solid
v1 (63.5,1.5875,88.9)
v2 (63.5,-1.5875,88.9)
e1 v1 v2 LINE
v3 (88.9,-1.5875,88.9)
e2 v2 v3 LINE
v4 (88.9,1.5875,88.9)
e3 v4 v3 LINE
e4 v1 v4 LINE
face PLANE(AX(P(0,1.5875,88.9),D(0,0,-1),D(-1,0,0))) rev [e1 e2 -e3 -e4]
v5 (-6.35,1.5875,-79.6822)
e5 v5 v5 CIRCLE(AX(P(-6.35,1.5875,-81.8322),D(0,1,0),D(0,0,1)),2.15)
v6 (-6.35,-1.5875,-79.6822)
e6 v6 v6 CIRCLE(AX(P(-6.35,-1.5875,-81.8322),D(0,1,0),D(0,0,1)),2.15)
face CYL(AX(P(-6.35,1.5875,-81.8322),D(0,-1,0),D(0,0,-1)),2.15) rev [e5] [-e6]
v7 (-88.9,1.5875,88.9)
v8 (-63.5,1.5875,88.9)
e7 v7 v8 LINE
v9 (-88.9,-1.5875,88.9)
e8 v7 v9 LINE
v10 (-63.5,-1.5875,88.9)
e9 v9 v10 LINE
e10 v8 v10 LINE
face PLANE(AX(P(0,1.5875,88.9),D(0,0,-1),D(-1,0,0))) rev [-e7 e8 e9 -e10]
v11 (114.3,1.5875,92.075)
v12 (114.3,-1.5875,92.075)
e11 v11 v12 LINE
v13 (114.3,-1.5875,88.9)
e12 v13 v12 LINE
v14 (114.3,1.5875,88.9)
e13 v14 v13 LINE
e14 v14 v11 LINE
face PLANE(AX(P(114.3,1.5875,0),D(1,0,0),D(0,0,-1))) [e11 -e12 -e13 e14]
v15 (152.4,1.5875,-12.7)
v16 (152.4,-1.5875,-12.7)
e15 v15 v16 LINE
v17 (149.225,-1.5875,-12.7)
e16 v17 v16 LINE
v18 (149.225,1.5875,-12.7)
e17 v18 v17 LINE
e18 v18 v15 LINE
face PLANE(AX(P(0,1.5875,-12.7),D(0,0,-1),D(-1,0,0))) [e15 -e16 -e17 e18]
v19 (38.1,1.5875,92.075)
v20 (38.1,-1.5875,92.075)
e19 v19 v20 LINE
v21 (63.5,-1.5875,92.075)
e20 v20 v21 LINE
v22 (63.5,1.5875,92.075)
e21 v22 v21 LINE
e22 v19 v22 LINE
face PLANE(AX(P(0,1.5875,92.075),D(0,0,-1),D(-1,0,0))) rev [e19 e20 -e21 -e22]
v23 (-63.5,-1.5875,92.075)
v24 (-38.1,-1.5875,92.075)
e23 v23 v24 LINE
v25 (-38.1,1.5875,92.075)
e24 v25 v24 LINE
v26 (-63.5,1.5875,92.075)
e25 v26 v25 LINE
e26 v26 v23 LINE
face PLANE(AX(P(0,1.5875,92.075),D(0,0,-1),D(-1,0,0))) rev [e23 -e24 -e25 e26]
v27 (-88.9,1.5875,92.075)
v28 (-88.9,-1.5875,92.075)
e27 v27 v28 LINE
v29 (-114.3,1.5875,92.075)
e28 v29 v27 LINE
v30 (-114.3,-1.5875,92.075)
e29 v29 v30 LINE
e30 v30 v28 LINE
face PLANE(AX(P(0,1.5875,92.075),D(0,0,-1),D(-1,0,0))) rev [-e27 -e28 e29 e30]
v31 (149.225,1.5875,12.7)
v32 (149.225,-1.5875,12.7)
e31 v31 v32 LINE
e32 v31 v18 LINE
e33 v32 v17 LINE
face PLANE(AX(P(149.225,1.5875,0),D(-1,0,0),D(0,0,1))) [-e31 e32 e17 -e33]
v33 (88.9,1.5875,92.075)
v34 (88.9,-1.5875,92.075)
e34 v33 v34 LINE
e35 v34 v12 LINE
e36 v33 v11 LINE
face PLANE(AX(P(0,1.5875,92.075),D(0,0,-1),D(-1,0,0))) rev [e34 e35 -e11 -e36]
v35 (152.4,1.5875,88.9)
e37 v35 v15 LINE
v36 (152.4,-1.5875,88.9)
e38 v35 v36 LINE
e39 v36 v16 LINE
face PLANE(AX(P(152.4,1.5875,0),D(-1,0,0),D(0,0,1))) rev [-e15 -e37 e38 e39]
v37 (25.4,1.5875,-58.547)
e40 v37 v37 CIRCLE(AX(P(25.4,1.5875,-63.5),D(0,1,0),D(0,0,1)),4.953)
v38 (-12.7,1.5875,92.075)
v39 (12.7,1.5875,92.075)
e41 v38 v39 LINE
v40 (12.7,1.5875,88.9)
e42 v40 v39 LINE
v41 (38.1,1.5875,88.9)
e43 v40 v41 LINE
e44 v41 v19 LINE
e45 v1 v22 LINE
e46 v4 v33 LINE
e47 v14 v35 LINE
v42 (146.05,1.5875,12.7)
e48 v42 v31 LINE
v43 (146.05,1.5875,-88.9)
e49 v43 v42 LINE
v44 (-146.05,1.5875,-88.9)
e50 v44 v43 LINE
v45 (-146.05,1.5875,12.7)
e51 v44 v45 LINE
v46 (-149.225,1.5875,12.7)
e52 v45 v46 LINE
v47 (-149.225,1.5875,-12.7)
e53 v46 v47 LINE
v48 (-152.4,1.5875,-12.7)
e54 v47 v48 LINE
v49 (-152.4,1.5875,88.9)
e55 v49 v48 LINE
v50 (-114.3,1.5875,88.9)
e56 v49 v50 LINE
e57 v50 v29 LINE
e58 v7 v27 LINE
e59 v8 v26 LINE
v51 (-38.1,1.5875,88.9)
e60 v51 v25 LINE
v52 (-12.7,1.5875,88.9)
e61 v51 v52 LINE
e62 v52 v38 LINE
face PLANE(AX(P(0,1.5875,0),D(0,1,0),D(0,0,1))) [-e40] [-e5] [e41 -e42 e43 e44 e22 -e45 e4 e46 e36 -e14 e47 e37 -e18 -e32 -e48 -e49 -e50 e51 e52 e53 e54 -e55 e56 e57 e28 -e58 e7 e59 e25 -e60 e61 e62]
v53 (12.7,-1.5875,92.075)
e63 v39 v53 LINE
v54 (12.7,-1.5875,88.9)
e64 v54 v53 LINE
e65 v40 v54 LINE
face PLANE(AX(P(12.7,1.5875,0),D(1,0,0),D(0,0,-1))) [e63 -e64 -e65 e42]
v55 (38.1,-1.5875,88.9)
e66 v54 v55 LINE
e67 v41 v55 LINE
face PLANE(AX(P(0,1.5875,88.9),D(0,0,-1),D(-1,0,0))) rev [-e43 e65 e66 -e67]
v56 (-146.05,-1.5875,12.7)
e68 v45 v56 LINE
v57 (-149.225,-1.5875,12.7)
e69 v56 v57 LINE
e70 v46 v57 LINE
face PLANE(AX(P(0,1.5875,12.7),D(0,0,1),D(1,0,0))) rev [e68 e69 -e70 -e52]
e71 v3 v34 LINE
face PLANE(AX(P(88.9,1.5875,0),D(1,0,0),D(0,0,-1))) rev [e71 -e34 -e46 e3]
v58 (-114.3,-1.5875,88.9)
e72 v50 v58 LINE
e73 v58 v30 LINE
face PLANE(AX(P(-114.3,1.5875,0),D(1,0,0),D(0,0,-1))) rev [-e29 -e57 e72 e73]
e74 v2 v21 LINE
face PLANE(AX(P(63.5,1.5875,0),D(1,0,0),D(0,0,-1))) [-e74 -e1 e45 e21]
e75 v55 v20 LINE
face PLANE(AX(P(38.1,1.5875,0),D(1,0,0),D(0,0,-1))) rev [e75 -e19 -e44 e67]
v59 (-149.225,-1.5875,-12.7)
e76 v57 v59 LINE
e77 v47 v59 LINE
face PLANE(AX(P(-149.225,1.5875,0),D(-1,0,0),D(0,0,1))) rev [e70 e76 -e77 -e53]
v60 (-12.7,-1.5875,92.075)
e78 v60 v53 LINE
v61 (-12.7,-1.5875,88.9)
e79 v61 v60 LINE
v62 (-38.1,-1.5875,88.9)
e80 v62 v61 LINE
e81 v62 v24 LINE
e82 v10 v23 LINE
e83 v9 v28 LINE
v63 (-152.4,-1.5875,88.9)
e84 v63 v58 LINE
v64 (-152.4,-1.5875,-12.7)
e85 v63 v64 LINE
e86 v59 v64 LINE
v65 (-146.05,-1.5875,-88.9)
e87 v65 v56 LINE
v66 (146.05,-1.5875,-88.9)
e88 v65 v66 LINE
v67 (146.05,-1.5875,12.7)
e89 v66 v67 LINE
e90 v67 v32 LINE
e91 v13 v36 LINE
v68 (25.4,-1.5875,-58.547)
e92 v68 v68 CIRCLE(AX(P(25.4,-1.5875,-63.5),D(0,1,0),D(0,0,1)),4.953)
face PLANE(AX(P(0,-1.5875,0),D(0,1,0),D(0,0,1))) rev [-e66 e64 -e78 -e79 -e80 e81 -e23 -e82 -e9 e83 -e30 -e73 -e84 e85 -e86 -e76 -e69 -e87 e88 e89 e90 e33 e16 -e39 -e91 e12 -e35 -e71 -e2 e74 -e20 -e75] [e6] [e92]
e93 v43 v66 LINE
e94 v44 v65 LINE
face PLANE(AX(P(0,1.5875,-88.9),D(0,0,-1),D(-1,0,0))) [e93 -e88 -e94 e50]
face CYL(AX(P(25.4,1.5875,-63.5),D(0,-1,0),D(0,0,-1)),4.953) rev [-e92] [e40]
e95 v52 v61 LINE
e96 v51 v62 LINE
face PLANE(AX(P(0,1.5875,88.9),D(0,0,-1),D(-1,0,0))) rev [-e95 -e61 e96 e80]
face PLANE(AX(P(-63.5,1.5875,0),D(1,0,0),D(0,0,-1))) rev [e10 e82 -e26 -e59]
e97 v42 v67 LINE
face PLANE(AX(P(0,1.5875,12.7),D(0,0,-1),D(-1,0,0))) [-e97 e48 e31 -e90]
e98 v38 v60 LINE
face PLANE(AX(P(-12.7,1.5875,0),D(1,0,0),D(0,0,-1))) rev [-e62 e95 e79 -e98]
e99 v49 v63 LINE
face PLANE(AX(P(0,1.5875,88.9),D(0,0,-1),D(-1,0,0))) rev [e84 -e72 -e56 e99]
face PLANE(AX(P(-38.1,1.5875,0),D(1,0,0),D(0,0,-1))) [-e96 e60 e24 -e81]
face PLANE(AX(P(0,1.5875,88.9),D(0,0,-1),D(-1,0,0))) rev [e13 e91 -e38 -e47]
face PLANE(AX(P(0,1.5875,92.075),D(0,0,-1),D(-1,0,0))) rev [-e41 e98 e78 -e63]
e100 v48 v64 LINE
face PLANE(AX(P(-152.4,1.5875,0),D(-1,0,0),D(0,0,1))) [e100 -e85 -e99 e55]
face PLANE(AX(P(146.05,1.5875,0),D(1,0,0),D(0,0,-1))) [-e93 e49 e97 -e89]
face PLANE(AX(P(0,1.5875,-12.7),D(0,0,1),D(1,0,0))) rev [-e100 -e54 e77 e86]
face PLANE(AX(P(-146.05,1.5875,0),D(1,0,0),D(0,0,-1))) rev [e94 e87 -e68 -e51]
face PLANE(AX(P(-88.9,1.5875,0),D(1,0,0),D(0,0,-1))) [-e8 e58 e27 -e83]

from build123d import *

# Parameters (mm, degrees)
SKETCH1_R           = 2.15
SKETCH1_R_2         = 4.953
SKETCH1_W           = 25.4
SKETCH1_H           = 3.175
BOSS_EXTRUDE1_DEPTH = 1.5875


with BuildPart() as part:
    # Sketch1 → Boss-Extrude1 (new body, symmetric)
    with BuildSketch(Plane(origin=(0, 0, 0), x_dir=(1, 0, 0), z_dir=(0, 1, 0))):
        Polygon((-152.4, 12.7), (-152.4, -88.9), (-114.3, -88.9), (-88.9, -88.9), (-63.5, -88.9), (-38.1, -88.9), (-12.7, -88.9), (12.7, -88.9), (38.1, -88.9), (63.5, -88.9), (88.9, -88.9), (114.3, -88.9), (152.4, -88.9), (152.4, 12.7), (149.225, 12.7), (149.225, -12.7), (146.05, -12.7), (146.05, 88.9), (-146.05, 88.9), (-146.05, -12.7), (-149.225, -12.7), (-149.225, 12.7), align=None)
        with Locations((-6.35, 81.8322)):
            Circle(SKETCH1_R, mode=Mode.SUBTRACT)
        with Locations((25.4, 63.5)):
            Circle(SKETCH1_R_2, mode=Mode.SUBTRACT)
        with Locations((-101.6, -90.4875)):
            Rectangle(SKETCH1_W, SKETCH1_H)
        with Locations((-50.8, -90.4875)):
            Rectangle(SKETCH1_W, SKETCH1_H)
        with Locations((0, -90.4875)):
            Rectangle(SKETCH1_W, SKETCH1_H)
        with Locations((50.8, -90.4875)):
            Rectangle(SKETCH1_W, SKETCH1_H)
        with Locations((101.6, -90.4875)):
            Rectangle(SKETCH1_W, SKETCH1_H)
    extrude(amount=BOSS_EXTRUDE1_DEPTH, both=True)


solid = part.part
